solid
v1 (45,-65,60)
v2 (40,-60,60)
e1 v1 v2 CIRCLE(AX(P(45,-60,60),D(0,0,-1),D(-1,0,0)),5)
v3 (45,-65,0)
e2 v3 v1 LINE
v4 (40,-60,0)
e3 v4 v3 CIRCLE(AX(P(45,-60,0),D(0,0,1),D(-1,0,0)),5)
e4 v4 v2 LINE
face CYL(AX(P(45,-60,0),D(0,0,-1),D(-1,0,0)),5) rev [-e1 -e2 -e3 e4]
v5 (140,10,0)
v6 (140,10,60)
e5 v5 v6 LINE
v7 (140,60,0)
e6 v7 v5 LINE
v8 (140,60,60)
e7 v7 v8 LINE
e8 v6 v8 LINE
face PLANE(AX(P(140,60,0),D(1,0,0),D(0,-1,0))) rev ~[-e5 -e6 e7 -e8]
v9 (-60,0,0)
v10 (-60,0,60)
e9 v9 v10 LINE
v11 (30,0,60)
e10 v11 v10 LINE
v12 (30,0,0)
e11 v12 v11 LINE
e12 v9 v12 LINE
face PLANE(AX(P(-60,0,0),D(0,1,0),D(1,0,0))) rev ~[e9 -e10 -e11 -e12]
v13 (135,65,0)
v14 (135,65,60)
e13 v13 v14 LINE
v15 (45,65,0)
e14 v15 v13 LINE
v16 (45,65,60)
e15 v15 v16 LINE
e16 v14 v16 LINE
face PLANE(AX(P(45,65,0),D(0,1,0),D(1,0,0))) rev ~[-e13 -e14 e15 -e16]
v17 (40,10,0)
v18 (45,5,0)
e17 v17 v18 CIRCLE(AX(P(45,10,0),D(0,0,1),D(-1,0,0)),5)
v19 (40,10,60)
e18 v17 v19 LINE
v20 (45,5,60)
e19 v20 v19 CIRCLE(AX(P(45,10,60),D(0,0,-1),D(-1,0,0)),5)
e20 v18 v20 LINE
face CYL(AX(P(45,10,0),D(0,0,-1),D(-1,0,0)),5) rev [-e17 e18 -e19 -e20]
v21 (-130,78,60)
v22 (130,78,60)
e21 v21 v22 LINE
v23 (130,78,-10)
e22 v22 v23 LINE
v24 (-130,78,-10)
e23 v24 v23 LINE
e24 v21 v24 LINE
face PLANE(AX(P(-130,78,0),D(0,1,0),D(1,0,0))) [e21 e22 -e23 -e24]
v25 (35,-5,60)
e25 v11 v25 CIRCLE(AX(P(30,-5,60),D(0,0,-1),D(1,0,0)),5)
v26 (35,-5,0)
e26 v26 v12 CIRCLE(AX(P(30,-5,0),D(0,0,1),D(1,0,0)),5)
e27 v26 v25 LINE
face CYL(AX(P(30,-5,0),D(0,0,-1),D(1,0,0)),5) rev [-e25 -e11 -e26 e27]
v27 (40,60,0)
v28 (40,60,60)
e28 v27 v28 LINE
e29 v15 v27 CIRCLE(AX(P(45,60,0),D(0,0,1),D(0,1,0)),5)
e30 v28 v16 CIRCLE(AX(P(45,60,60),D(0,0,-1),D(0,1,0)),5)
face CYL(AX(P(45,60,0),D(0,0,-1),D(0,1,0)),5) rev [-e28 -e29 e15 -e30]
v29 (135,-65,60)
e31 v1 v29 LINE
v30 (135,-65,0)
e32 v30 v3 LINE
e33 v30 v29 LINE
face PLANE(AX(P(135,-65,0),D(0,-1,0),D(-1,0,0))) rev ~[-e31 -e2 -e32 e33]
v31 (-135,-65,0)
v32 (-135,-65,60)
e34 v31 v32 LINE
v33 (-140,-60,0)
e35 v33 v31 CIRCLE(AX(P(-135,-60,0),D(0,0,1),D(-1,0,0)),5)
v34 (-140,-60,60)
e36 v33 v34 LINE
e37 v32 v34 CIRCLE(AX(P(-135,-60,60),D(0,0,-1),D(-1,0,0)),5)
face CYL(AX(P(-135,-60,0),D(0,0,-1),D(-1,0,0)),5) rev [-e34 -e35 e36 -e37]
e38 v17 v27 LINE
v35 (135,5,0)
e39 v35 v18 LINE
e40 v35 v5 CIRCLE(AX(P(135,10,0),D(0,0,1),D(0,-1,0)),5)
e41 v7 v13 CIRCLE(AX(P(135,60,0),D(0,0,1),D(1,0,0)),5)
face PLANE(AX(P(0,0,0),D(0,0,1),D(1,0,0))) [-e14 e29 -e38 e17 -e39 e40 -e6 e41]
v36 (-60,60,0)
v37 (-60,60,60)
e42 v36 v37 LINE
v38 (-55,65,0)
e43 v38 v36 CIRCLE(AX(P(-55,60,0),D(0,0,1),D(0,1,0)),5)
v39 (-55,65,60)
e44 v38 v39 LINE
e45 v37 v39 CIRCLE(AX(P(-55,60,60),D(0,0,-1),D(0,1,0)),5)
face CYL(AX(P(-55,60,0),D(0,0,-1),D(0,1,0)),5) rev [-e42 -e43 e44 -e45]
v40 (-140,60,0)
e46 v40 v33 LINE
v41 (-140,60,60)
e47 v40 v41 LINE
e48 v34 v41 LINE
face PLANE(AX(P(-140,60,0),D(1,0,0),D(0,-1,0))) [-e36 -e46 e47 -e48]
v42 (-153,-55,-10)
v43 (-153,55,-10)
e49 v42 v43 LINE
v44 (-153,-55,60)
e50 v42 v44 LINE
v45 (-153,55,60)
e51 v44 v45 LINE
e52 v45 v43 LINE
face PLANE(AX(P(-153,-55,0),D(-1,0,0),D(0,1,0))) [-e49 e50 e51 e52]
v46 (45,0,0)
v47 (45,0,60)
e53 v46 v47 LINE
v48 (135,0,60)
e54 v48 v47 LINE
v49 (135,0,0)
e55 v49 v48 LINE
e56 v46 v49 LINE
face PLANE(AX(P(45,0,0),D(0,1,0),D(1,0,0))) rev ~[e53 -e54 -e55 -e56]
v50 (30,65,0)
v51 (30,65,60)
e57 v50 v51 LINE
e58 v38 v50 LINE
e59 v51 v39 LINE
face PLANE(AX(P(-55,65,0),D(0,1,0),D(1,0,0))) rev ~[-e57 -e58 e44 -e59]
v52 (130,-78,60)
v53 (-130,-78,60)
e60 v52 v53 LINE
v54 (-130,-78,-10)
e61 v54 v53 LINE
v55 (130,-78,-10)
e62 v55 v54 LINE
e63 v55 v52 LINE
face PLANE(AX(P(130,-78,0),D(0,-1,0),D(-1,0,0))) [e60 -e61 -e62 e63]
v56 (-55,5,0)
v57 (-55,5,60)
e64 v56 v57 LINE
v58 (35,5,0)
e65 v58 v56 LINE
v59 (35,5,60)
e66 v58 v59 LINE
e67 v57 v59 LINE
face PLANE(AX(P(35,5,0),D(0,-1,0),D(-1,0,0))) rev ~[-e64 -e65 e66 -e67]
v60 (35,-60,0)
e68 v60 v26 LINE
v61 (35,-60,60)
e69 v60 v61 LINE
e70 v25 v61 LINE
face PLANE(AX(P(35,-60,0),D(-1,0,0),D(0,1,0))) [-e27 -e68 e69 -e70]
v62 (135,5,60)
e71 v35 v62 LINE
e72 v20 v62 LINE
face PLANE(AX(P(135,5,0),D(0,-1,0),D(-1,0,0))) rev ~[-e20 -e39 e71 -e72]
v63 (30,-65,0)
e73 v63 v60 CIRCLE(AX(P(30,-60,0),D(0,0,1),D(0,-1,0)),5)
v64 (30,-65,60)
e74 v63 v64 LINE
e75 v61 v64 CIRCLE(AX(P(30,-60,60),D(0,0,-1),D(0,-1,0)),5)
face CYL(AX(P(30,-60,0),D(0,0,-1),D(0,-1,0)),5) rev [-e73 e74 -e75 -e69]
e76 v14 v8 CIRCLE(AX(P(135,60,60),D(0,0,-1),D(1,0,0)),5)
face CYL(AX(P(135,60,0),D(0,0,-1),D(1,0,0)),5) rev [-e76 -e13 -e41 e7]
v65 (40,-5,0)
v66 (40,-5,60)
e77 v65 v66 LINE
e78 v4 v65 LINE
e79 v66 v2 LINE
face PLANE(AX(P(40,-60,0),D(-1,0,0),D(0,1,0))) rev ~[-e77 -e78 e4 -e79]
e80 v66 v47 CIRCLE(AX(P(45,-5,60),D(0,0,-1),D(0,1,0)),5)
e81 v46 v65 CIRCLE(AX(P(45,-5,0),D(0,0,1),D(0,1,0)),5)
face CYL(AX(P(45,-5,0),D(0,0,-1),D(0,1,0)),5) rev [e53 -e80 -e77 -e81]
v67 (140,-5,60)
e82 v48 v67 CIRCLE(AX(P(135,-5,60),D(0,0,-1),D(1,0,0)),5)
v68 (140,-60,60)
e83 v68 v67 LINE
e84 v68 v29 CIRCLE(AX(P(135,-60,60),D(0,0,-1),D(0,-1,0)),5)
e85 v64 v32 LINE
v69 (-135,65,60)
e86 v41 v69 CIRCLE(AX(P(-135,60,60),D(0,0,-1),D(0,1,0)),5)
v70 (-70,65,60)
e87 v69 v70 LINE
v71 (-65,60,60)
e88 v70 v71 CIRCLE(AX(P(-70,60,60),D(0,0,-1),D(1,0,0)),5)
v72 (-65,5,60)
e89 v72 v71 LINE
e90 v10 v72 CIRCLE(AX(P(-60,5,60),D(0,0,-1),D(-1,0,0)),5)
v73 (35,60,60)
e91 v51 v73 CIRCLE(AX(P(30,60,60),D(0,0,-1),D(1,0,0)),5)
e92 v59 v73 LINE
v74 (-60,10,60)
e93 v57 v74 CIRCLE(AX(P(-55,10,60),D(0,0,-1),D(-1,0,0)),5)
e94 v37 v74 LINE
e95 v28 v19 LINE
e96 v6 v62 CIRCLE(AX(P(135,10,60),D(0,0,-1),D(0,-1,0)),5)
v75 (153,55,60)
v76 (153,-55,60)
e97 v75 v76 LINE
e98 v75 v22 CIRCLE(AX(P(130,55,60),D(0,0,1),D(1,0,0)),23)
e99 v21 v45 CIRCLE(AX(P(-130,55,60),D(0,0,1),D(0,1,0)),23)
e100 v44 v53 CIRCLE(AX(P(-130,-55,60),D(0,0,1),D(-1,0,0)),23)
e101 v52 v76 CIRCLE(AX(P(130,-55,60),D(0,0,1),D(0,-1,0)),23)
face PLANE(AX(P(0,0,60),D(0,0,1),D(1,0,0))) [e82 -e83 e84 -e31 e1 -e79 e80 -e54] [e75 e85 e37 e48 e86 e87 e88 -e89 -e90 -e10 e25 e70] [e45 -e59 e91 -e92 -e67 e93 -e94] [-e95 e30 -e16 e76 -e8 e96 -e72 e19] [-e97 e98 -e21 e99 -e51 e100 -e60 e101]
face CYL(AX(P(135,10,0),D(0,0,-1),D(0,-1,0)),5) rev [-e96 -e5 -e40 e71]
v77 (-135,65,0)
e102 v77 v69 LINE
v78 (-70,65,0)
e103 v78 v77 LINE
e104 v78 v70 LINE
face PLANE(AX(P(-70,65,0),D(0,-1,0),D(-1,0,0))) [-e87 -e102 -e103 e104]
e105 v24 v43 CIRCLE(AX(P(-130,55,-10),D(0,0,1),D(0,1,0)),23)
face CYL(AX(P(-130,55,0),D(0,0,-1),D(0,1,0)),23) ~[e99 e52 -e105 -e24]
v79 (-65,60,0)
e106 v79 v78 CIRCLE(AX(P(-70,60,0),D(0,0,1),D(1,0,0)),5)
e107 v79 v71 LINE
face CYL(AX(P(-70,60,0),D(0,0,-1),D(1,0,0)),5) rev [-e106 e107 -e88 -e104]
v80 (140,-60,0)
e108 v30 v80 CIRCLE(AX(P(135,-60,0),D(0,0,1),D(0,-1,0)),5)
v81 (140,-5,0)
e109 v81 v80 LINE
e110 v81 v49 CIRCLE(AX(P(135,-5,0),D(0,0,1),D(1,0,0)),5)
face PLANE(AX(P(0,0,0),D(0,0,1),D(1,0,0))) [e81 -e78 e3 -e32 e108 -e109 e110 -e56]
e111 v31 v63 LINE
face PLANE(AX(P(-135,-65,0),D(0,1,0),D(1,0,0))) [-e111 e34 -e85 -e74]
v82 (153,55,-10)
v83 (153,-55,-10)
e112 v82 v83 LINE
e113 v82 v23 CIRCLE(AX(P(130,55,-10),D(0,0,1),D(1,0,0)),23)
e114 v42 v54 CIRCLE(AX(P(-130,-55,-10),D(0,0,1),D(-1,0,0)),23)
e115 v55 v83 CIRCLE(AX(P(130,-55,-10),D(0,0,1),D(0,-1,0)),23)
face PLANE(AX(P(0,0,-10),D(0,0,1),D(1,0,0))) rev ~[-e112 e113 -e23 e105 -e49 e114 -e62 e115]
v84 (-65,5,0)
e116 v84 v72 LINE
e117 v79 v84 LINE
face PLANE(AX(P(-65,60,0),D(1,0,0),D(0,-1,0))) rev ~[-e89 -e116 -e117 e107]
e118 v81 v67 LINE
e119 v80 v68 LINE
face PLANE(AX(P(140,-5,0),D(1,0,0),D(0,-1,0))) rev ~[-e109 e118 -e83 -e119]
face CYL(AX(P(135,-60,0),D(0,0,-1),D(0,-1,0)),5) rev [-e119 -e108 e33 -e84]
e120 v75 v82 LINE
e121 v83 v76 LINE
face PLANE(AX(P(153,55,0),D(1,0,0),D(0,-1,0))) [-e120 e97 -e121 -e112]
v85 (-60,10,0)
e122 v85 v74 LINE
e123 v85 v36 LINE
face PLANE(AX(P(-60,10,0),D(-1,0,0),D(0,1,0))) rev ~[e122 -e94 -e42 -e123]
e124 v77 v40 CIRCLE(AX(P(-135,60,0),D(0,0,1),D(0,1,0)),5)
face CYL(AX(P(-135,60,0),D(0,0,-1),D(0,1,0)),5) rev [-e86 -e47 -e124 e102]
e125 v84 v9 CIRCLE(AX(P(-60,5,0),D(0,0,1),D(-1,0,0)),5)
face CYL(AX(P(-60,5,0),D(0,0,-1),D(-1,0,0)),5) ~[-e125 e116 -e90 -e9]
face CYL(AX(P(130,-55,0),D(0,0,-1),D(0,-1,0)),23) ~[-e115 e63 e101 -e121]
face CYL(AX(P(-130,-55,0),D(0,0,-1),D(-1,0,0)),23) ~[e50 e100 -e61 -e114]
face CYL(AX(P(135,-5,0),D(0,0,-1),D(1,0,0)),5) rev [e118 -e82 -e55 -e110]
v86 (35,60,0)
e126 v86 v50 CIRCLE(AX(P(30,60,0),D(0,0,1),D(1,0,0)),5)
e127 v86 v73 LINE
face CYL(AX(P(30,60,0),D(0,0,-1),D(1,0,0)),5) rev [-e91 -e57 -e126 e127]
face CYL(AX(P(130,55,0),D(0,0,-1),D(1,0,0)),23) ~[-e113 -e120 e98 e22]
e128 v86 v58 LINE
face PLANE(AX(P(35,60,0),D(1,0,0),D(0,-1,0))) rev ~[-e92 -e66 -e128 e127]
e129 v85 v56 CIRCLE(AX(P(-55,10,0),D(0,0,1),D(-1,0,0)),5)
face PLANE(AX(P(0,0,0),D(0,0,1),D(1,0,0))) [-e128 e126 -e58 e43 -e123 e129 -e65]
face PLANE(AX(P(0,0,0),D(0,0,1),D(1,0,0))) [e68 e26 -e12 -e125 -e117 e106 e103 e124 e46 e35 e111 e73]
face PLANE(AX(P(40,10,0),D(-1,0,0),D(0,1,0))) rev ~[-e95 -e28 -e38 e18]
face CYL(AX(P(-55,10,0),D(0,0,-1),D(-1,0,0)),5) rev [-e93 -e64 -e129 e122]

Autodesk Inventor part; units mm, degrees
ref_plane "YZ Plane" through (0, 0, 0) normal (1, 0, 0) x (0, 1, 0)
ref_plane "XZ Plane" through (0, 0, 0) normal (0, 1, 0) x (-1, 0, 0)
ref_plane "XY Plane" through (0, 0, 0) normal (0, 0, 1) x (1, 0, 0)
sketch "Esboço4" plane through (0, 0, 0) normal (0, 0, 1) x (1, 0, 0)
  line L0 (-130, -75) -> (130, -75)
  line L1 (150, -55) -> (150, 55)
  line L2 (130, 75) -> (-130, 75)
  line L3 (-150, 55) -> (-150, -55)
  line L4 (-150, -75) -> (150, 75) construction
  line L5 (150, -75) -> (-150, 75) construction
  arc A0 (-130, 75) -> (-150, 55) centre (-130, 55) ccw
  arc A1 (-150, -55) -> (-130, -75) centre (-130, -55) ccw
  arc A2 (130, -75) -> (150, -55) centre (130, -55) ccw
  arc A3 (150, 55) -> (130, 75) centre (130, 55) ccw
  line L6 (-153, -55) -> (-153, 55)
  arc A4 (-130, 78) -> (-153, 55) centre (-130, 55) ccw
  line L7 (-130, 78) -> (130, 78)
  arc A5 (153, 55) -> (130, 78) centre (130, 55) ccw
  line L8 (153, 55) -> (153, -55)
  arc A6 (130, -78) -> (153, -55) centre (130, -55) ccw
  line L9 (130, -78) -> (-130, -78)
  arc A7 (-153, -55) -> (-130, -78) centre (-130, -55) ccw
  line L10 (45, 65) -> (135, 65)
  line L11 (140, 60) -> (140, 10)
  line L12 (135, 5) -> (45, 5)
  line L13 (40, 10) -> (40, 60)
  line L14 (135, 70) -> (35, 70)
  line L15 (35, 60) -> (35, 5)
  line L16 (45, 0) -> (135, 0)
  line L17 (145, -5) -> (145, 60)
  line L18 (40, 0) -> (140, 0)
  line L19 (145, -5) -> (145, -60)
  line L20 (135, -70) -> (30, -70)
  line L21 (35, -60) -> (35, -5)
  line L22 (140, -5) -> (140, -60)
  line L23 (135, -65) -> (45, -65)
  line L24 (40, -60) -> (40, -5)
  line L25 (35, 70) -> (-70, 70)
  line L26 (-65, 60) -> (-65, 5)
  line L27 (-60, 0) -> (30, 0)
  line L28 (35, 5) -> (-55, 5)
  line L29 (-60, 10) -> (-60, 60)
  line L30 (-55, 65) -> (30, 65)
  line L31 (30, -70) -> (-135, -70)
  line L32 (-145, -60) -> (-145, 60)
  line L33 (-135, 70) -> (-70, 70)
  line L34 (-70, 65) -> (-135, 65)
  line L35 (-140, 60) -> (-140, -60)
  line L36 (-135, -65) -> (30, -65)
  arc A8 (135, -70) -> (145, -60) centre (135, -60) ccw
  arc A9 (145, 60) -> (135, 70) centre (135, 60) ccw
  arc A10 (-135, 70) -> (-145, 60) centre (-135, 60) ccw
  arc A11 (-145, -60) -> (-135, -70) centre (-135, -60) ccw
  arc A12 (-65, 5) -> (-60, 0) centre (-60, 5) ccw
  arc A13 (-60, 10) -> (-55, 5) centre (-55, 10) ccw
  arc A14 (40, 10) -> (45, 5) centre (45, 10) ccw
  arc A15 (35, -5) -> (30, 0) centre (30, -5) ccw
  arc A16 (45, 0) -> (40, -5) centre (45, -5) ccw
  arc A17 (35, 60) -> (30, 65) centre (30, 60) ccw
  arc A18 (45, 65) -> (40, 60) centre (45, 60) ccw
  arc A19 (-55, 65) -> (-60, 60) centre (-55, 60) ccw
  arc A20 (-65, 60) -> (-70, 65) centre (-70, 60) ccw
  arc A21 (140, 60) -> (135, 65) centre (135, 60) ccw
  arc A22 (135, 5) -> (140, 10) centre (135, 10) ccw
  arc A23 (140, -5) -> (135, 0) centre (135, -5) ccw
  arc A24 (135, -65) -> (140, -60) centre (135, -60) ccw
  arc A25 (40, -60) -> (45, -65) centre (45, -60) ccw
  arc A26 (30, -65) -> (35, -60) centre (30, -60) ccw
  arc A27 (-140, -60) -> (-135, -65) centre (-135, -60) ccw
  arc A28 (-135, 65) -> (-140, 60) centre (-135, 60) ccw
  point P0 (0, 0)
  point P1 (40, 65)
  point P2 (140, 5)
  point P3 (140, 65)
  point P4 (40, 5)
  point P5 (35, 0)
  point P6 (140, -65)
  point P7 (40, -65)
  point P8 (-65, 0)
  point P9 (-60, 5)
  point P10 (-60, 65)
  point P11 (-140, 65)
  point P12 (-140, -65)
  point P13 (35, 65)
  point P14 (35, -65)
  point P15 (-65, 65)
  point P16 (35, -11.1171)
  dimension "d13" = 150
  dimension "d14" = 300
  dimension "d17" = 20
  dimension "d18" = 20
  dimension "d19" = 3
  dimension "d20" = 60
  dimension "d21" = 100
  dimension "d25" = 5
  dimension "d26" = 5
  dimension "d27" = 5
  dimension "d28" = 5
  dimension "d31" = 5
  dimension "d32" = 5
  dimension "d33" = 5
  dimension "d38" = 100
  dimension "d39" = 5
  dimension "d41" = 5
  dimension "d42" = 5
  dimension "d43" = 5
  dimension "d44" = 5
  dimension "d47" = 5
  dimension "d49" = 100
  dimension "d50" = 5
  dimension "d57" = 10
  dimension "d62" = 60
  dimension "d63" = 5
  dimension "d64" = 5
extrude "Extrusão4" add sketch "Esboço4" along normal blind 60 contours A1 L3 A0 L2 A3 L1 A2 L0 | L6 A4 L7 A5 L8 A6 L9 A7 | L10 A21 L11 A22 L12 A14 L13 A18 | A9 L17 L19 A8 L20 L31 A11 L32 A10 L33 L25 L14 | L15 L28 A13 L29 A19 L30 A17 | L16 A23 L22 A24 L23 A25 L24 A16 | A26 L36 A27 L35 A28 L34 A20 L26 A12 L27 A15 L21
extrude "Extrusão5" cut sketch "Esboço4" along normal blind 80 contours L10 A21 L11 A22 L12 A14 L13 A18 | L15 L28 A13 L29 A19 L30 A17 | L16 A23 L22 A24 L23 A25 L24 A16 | A26 L36 A27 L35 A28 L34 A20 L26 A12 L27 A15 L21
extrude "Extrusão6" add sketch "Esboço4" against normal blind 10 contours A1 L3 A0 L2 A3 L1 A2 L0 | L6 A4 L7 A5 L8 A6 L9 A7 | L10 A21 L11 A22 L12 A14 L13 A18 | A9 L17 L19 A8 L20 L31 A11 L32 A10 L33 L25 L14 | L15 L28 A13 L29 A19 L30 A17 | L16 A23 L22 A24 L23 A25 L24 A16 | A26 L36 A27 L35 A28 L34 A20 L26 A12 L27 A15 L21
sketch "Esboço1" plane through (0, 0, 0) normal (0, 0, 1) x (1, 0, 0)
  line L0 (-25, -12.5) -> (25, -12.5)
  line L1 (25, -12.5) -> (25, 12.5)
  line L2 (25, 12.5) -> (-25, 12.5)
  line L3 (-25, 12.5) -> (-25, -12.5)
  line L4 (-25, -12.5) -> (25, 12.5) construction
  line L5 (25, -12.5) -> (-25, 12.5) construction
  point P0 (0, 0)
  dimension "d0" = 25
  dimension "d1" = 50
sketch "Esboço2" plane through (0, 0, 100) normal (0, 0, 1) x (1, 0, 0)
  line L0 (25, -12.5) -> (25, 12.5) projected
  line L1 (25, 12.5) -> (-25, 12.5) projected
  line L2 (-25, 12.5) -> (-25, -12.5) projected
  line L3 (-25, -12.5) -> (25, -12.5) projected
  line L4 (-27, 14.5) -> (27, 14.5)
  line L5 (27, 14.5) -> (27, -14.5)
  line L6 (27, -14.5) -> (-27, -14.5)
  line L7 (-27, -14.5) -> (-27, 14.5)
  point P0 (0, 0)
  dimension "d4" = 2
properties part number "prototipo"
